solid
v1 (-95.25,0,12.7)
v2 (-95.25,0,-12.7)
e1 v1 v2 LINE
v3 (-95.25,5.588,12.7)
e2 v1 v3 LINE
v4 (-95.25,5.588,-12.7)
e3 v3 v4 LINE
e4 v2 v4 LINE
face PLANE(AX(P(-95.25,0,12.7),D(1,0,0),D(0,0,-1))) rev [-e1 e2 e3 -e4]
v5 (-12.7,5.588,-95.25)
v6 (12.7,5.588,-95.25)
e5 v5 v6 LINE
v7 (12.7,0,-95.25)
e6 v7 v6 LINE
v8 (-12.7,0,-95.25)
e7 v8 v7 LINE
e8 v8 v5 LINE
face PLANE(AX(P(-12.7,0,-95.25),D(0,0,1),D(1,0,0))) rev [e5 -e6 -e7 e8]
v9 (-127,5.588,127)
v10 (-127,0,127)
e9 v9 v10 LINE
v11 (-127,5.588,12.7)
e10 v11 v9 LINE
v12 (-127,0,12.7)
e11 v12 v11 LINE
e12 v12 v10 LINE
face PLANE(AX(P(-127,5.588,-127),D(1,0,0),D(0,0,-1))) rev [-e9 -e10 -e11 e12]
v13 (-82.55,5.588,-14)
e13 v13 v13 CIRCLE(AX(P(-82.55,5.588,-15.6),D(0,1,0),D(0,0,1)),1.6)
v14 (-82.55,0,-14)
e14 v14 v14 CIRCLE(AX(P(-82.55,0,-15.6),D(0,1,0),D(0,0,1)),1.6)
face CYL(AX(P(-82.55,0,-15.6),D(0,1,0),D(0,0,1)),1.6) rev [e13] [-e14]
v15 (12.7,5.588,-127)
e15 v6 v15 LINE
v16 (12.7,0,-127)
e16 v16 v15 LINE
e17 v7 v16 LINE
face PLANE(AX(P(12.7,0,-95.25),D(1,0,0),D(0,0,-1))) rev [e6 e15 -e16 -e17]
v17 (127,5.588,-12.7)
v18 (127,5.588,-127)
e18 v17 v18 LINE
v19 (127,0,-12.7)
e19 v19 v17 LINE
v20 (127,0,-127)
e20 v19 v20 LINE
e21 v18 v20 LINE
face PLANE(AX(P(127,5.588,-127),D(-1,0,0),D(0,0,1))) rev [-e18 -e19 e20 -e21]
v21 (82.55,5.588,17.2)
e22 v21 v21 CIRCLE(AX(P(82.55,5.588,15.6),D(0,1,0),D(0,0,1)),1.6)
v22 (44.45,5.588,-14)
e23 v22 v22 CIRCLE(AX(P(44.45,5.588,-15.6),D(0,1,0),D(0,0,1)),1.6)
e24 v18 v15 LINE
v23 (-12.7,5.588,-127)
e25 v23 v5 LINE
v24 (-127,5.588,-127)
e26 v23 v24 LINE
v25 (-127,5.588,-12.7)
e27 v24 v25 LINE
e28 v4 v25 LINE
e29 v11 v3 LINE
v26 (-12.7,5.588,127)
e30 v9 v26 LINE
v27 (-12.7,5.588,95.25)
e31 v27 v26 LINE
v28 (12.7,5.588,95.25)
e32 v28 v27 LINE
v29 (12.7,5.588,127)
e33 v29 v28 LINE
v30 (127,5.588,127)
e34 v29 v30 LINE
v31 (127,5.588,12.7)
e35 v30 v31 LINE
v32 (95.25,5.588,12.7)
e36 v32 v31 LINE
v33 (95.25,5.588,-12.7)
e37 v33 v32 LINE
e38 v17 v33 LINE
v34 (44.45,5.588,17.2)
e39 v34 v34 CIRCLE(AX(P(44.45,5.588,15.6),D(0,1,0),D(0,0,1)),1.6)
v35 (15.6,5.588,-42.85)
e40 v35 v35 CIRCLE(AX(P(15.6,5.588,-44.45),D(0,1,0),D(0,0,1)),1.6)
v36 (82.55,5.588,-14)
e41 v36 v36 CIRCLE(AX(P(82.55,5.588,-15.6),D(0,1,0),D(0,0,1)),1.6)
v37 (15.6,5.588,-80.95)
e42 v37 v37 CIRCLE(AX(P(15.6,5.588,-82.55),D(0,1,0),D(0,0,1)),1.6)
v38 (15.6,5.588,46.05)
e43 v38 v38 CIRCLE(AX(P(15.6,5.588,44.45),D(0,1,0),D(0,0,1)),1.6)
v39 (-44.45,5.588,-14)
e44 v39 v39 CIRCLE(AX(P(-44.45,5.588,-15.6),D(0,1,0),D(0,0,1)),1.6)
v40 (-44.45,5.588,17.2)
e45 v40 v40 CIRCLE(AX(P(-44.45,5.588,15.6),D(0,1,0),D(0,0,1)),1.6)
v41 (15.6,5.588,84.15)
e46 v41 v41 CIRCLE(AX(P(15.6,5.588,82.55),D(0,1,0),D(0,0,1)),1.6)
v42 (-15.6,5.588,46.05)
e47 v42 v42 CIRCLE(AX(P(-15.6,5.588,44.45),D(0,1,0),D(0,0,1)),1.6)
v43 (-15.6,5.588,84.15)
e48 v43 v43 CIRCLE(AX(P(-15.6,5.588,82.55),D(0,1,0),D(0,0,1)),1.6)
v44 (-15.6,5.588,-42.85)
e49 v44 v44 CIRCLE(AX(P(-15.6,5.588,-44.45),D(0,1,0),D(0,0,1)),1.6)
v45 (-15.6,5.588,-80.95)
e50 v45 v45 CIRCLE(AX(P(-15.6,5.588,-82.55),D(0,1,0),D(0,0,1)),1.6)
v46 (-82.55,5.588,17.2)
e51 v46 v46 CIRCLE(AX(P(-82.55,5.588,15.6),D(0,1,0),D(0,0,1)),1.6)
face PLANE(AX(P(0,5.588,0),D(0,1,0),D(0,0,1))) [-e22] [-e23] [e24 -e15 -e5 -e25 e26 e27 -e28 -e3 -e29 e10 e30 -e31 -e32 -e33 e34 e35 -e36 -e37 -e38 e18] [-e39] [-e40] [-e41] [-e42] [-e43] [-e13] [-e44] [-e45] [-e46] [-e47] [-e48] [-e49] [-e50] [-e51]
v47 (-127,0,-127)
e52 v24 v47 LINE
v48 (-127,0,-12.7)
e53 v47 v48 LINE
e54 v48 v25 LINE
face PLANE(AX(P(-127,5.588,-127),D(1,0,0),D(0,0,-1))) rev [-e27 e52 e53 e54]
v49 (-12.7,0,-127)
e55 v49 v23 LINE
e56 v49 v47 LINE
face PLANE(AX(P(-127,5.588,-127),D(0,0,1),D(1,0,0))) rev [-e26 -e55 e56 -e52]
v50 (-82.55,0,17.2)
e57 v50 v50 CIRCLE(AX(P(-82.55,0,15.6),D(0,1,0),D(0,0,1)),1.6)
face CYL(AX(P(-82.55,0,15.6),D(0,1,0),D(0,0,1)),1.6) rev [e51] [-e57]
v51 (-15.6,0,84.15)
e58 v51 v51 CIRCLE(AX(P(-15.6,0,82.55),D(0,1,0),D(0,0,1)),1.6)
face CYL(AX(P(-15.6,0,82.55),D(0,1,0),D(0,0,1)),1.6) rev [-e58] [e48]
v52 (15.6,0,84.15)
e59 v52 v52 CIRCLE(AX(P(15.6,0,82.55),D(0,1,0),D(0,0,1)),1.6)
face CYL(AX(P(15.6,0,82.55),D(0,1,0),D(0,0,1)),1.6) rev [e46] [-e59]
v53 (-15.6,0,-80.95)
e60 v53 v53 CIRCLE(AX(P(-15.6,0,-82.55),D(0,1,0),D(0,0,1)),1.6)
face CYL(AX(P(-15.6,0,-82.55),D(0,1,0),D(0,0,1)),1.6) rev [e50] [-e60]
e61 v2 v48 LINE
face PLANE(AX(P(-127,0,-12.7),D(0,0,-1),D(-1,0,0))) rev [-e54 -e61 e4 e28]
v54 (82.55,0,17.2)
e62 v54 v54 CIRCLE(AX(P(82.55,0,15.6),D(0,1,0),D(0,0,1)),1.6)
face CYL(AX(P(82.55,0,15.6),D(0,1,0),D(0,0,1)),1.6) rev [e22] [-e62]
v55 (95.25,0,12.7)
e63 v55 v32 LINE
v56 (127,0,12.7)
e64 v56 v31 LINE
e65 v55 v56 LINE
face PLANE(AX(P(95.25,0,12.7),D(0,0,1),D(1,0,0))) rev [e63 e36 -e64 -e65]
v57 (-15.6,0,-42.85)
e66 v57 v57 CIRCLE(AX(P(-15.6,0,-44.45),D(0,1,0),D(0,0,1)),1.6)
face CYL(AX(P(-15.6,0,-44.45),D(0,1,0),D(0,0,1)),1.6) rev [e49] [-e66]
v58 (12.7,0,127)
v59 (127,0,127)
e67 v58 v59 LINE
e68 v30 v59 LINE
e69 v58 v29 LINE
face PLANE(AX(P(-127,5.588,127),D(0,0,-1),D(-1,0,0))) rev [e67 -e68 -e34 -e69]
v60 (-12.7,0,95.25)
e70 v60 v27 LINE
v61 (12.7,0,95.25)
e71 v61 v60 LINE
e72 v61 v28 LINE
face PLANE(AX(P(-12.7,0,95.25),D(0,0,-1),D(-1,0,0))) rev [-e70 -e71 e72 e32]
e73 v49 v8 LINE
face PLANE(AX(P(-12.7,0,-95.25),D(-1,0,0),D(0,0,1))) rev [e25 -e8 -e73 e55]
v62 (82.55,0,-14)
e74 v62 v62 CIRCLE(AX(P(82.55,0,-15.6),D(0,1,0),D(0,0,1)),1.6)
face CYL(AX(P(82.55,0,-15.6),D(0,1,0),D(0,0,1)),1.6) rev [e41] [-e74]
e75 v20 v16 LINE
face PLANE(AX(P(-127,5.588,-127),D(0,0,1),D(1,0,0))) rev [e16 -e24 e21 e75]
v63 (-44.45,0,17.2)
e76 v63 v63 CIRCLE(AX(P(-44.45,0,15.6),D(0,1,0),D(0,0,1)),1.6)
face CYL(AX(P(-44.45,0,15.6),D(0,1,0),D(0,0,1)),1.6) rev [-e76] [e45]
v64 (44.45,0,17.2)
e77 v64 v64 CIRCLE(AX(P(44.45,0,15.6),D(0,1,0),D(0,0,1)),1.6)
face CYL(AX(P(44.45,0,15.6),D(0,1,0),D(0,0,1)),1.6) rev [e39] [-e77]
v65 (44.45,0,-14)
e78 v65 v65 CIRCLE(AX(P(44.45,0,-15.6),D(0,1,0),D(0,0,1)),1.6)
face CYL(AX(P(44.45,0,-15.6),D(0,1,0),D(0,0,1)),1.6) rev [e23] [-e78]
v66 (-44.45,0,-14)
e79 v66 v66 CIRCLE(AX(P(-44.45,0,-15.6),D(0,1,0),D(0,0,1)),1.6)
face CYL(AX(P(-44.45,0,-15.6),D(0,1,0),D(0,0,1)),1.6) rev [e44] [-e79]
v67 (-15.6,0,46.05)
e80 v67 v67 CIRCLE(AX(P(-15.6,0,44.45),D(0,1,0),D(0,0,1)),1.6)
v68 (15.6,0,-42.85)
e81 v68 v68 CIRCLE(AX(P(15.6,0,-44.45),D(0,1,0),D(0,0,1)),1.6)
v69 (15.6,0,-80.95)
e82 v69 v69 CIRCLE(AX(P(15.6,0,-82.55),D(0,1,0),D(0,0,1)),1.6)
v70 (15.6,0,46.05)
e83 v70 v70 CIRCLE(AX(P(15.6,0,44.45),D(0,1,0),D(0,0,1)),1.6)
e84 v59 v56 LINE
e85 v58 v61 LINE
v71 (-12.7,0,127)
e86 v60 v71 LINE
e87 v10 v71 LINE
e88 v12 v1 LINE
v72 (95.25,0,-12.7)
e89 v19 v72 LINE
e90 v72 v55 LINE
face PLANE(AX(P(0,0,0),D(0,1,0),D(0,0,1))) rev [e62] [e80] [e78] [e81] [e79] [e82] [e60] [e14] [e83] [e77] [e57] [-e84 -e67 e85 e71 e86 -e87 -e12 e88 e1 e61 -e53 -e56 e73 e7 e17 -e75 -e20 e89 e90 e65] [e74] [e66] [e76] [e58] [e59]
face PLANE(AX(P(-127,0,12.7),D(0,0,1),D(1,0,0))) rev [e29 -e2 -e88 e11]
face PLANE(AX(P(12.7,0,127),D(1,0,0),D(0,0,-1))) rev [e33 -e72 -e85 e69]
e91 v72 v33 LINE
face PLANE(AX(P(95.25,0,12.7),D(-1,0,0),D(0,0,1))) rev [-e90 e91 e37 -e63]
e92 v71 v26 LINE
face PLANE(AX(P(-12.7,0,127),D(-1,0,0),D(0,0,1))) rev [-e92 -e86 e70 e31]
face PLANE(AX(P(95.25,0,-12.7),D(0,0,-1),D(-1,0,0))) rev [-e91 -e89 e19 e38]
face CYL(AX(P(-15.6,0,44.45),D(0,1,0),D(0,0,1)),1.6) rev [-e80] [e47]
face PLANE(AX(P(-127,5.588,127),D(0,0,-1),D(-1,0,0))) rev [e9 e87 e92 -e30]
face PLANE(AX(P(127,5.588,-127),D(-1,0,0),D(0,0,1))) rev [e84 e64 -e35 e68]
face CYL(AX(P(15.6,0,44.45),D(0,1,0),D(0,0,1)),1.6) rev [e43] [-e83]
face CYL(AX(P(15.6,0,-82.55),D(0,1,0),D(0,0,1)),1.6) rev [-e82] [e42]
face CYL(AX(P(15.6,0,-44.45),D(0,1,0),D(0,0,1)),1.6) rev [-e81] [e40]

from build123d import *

# Parameters (mm, degrees)
SKETCH1_W           = 254
SKETCH1_H           = 254
BOSS_EXTRUDE1_DEPTH = 5.588
SKETCH2_R           = 1.6
SKETCH2_W           = 31.75
SKETCH2_H           = 25.4
SKETCH2_W_2         = 25.4
SKETCH2_H_2         = 31.75
CUT_EXTRUDE1_DEPTH  = 180.692030274


with BuildPart() as part:
    # Sketch1 → Boss-Extrude1 (new body)
    with BuildSketch(Plane(origin=(0, 0, 0), x_dir=(1, 0, 0), z_dir=(0, 1, 0))):
        Rectangle(SKETCH1_W, SKETCH1_H)
    extrude(amount=BOSS_EXTRUDE1_DEPTH)

    # Sketch2 → Cut-Extrude1 (cut, through all)
    with BuildSketch(Plane(origin=(0, 5.588, 0), x_dir=(1, 0, 0), z_dir=(0, 1, 0))):
        with Locations(Location((-82.55, 15.6, 0), (0, 0, 270))):
            Circle(SKETCH2_R)
        with Locations(Location((-44.45, 15.6, 0), (0, 0, 270))):
            Circle(SKETCH2_R)
        with Locations(Location((-82.55, -15.6, 0), (0, 0, 270))):
            Circle(SKETCH2_R)
        with Locations(Location((-44.45, -15.6, 0), (0, 0, 270))):
            Circle(SKETCH2_R)
        with Locations(Location((-15.6, -44.45, 0), (0, 0, 270))):
            Circle(SKETCH2_R)
        with Locations(Location((15.6, -44.45, 0), (0, 0, 270))):
            Circle(SKETCH2_R)
        with Locations(Location((-15.6, -82.55, 0), (0, 0, 270))):
            Circle(SKETCH2_R)
        with Locations(Location((15.6, -82.55, 0), (0, 0, 270))):
            Circle(SKETCH2_R)
        with Locations(Location((44.45, -15.6, 0), (0, 0, 270))):
            Circle(SKETCH2_R)
        with Locations(Location((44.45, 15.6, 0), (0, 0, 270))):
            Circle(SKETCH2_R)
        with Locations(Location((82.55, 15.6, 0), (0, 0, 270))):
            Circle(SKETCH2_R)
        with Locations(Location((82.55, -15.6, 0), (0, 0, 270))):
            Circle(SKETCH2_R)
        with Locations(Location((-15.6, 44.45, 0), (0, 0, 270))):
            Circle(SKETCH2_R)
        with Locations(Location((-15.6, 82.55, 0), (0, 0, 270))):
            Circle(SKETCH2_R)
        with Locations(Location((15.6, 82.55, 0), (0, 0, 270))):
            Circle(SKETCH2_R)
        with Locations(Location((15.6, 44.45, 0), (0, 0, 270))):
            Circle(SKETCH2_R)
        with Locations((-111.125, 0)):
            Rectangle(SKETCH2_W, SKETCH2_H)
        with Locations((0, 111.125)):
            Rectangle(SKETCH2_W_2, SKETCH2_H_2)
        with Locations((111.125, 0)):
            Rectangle(SKETCH2_W, SKETCH2_H)
        with Locations((0, -111.125)):
            Rectangle(SKETCH2_W_2, SKETCH2_H_2)
    extrude(amount=-CUT_EXTRUDE1_DEPTH, mode=Mode.SUBTRACT)


solid = part.part
